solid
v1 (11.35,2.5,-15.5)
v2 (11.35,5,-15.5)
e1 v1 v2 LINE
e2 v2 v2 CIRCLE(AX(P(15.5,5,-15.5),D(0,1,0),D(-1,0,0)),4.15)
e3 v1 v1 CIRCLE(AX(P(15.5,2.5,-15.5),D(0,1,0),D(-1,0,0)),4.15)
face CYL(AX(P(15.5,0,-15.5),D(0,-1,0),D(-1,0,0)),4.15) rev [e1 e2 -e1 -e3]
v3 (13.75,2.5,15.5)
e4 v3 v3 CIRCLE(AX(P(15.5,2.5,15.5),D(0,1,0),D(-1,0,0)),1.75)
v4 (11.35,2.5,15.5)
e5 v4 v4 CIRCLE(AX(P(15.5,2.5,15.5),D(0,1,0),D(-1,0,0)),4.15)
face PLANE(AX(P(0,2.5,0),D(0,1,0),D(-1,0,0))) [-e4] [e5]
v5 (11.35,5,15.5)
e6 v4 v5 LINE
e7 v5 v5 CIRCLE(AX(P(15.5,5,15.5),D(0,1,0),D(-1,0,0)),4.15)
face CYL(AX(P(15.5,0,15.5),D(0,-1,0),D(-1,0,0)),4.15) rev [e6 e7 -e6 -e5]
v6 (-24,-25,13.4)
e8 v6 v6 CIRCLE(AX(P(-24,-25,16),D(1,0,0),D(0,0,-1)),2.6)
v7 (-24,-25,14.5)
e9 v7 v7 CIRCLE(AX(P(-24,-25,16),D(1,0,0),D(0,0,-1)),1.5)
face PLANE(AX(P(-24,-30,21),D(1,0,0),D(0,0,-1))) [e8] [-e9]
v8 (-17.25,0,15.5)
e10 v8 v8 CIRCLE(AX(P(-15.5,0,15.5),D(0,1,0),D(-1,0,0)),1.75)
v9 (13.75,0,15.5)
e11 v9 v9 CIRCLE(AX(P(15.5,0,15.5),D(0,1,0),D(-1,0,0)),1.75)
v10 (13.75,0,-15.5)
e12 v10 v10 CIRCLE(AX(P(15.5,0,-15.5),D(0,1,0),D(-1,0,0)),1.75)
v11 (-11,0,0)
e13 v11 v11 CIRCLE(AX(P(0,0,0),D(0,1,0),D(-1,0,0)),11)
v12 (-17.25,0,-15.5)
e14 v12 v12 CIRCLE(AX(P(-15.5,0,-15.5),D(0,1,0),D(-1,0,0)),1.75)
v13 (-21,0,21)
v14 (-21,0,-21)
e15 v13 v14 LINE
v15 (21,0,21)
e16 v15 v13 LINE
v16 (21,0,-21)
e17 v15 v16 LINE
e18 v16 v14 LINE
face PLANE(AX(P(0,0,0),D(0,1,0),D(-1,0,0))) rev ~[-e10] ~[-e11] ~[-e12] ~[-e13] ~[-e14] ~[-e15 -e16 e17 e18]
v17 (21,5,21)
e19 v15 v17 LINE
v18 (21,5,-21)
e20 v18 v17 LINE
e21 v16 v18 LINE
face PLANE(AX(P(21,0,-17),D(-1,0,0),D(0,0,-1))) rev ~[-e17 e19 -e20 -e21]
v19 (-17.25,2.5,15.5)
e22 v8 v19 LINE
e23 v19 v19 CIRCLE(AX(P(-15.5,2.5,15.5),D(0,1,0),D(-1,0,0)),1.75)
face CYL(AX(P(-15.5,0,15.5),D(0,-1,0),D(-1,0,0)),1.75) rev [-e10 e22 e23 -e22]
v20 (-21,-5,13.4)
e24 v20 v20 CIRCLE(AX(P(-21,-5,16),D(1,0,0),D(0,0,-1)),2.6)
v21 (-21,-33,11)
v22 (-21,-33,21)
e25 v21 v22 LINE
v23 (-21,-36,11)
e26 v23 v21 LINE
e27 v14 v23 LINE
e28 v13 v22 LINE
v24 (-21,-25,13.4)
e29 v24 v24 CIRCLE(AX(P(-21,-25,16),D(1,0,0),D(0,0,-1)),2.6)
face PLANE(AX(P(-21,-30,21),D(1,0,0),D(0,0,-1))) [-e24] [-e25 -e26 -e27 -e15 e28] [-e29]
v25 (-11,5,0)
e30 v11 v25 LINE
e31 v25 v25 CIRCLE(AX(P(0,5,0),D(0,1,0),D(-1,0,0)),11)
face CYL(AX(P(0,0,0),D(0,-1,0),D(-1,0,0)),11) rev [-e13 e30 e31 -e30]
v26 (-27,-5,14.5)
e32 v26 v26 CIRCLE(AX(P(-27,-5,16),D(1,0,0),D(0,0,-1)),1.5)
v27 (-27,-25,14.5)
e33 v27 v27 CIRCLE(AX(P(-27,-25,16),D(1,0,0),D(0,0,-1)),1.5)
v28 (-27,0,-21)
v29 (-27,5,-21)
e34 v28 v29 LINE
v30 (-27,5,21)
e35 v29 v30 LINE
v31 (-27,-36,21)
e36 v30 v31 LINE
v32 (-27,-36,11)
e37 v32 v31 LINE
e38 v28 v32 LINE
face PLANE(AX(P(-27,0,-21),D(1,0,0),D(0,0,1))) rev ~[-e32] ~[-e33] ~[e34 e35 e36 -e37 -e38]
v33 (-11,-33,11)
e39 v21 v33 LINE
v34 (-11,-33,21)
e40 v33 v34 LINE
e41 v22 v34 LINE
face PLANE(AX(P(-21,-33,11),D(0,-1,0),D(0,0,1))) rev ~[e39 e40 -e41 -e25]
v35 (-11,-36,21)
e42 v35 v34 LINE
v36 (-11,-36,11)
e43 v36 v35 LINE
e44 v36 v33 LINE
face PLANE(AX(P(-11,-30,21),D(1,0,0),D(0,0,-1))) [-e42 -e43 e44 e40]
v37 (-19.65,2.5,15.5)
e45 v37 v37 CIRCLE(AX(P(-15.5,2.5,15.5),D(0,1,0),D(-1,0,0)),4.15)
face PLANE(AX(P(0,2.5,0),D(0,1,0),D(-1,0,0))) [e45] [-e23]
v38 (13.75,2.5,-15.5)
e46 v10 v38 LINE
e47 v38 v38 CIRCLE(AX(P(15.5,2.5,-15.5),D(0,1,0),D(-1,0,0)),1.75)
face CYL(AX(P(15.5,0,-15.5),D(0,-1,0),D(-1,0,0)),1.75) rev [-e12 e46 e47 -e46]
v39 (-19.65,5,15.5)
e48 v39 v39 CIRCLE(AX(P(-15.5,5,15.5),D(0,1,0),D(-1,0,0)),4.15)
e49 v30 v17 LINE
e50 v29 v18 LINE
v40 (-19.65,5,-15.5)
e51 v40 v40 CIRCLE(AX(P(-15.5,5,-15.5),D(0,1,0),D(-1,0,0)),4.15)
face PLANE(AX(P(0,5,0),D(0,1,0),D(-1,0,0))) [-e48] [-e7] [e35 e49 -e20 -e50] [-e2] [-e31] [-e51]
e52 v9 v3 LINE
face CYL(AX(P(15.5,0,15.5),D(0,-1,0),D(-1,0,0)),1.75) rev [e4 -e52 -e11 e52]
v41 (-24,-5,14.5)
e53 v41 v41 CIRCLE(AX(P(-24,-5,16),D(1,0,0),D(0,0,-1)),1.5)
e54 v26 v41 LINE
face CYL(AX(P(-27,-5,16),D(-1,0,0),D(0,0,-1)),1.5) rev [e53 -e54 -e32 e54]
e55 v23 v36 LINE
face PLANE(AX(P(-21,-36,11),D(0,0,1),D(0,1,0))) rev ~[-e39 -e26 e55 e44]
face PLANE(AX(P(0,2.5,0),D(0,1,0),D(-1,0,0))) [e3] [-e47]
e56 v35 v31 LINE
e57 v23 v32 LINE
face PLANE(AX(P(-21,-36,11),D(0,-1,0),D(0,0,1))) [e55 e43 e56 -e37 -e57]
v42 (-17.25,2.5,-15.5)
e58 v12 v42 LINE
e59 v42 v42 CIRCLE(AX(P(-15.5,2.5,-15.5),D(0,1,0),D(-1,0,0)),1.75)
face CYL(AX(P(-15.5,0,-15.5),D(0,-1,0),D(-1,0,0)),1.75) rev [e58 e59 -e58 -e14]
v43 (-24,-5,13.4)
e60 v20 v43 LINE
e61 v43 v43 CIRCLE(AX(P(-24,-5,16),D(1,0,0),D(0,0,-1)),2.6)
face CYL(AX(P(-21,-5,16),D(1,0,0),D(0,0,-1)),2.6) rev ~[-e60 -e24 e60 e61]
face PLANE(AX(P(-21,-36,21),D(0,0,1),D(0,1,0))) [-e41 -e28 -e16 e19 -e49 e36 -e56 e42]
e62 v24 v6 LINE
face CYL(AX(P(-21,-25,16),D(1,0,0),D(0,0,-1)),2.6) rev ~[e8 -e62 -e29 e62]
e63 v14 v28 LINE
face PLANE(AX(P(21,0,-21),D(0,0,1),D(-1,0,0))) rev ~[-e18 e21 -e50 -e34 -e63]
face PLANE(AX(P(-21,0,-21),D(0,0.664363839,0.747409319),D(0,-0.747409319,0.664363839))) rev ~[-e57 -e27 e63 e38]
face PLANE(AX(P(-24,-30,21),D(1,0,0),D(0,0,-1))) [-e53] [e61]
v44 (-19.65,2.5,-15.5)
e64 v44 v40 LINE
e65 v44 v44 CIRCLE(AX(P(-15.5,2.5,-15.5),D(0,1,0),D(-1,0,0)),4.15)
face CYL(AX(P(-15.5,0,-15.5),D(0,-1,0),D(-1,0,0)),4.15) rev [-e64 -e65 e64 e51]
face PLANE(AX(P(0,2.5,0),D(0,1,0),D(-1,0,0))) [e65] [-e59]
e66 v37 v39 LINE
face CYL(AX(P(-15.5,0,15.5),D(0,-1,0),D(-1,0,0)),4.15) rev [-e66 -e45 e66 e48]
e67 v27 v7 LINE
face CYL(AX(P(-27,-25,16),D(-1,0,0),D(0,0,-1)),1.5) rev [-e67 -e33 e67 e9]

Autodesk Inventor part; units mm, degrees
ref_plane "YZ Plane" through (0, 0, 0) normal (1, 0, 0) x (0, 1, 0)
ref_plane "XZ Plane" through (0, 0, 0) normal (0, 1, 0) x (-1, 0, 0)
ref_plane "XY Plane" through (0, 0, 0) normal (0, 0, 1) x (1, 0, 0)
sketch "Sketch1" plane through (0, 0, 0) normal (0, 1, 0) x (-1, 0, 0)
  line L0 (-21, -21) -> (21, -21)
  line L1 (21, -21) -> (21, 21)
  line L2 (21, 21) -> (-21, 21)
  line L3 (-21, 21) -> (-21, -21)
  line L4 (-21, -21) -> (21, 21) construction
  line L5 (21, -21) -> (-21, 21) construction
  circle A0 centre (15.5, 15.5) radius 1.75
  circle A1 centre (15.5, -15.5) radius 1.75
  circle A2 centre (-15.5, -15.5) radius 1.75
  circle A3 centre (-15.5, 15.5) radius 1.75
  circle A4 centre (0, 0) radius 11
  circle A5 centre (0, 0) radius 4 construction
  line L6 (21, -17) -> (17, -21)
  line L7 (21, 17) -> (17, 21)
  line L8 (-17, -21) -> (-21, -17)
  line L9 (-21, 17) -> (-17, 21)
  circle A6 centre (0, 0) radius 2.5 construction
  circle A7 centre (44, -10) radius 4 construction
  line L10 (44, -10) -> (44, 10) construction
  circle A8 centre (44, -10) radius 7.5 construction
  circle A9 centre (44, 10) radius 11.15 construction
  circle A10 centre (44, 10) radius 3.5 construction
  circle A11 centre (52, 10) radius 1.5 construction
  line L11 (52, 10) -> (44, 10) construction
  circle A12 centre (44, 18) radius 1.5 construction
  circle A13 centre (36, 10) radius 1.5 construction
  circle A14 centre (44, 2) radius 1.5 construction
  circle A15 centre (44, 10) radius 5.1 construction
  line L12 (44, 0) -> (21, 0) construction
  circle A16 centre (-15.5, -15.5) radius 4.15
  circle A17 centre (-15.5, 15.5) radius 4.15
  circle A18 centre (15.5, -15.5) radius 4.15
  circle A19 centre (15.5, 15.5) radius 4.15
  line L13 (21, -21) -> (24, -21)
  line L14 (21, 21) -> (21, -21)
  line L15 (27, -21) -> (27, 21)
  line L16 (24, -21) -> (27, -21)
  line L17 (21, 21) -> (27, 21)
  dimension "d0" = 42
  dimension "d1" = 31
  dimension "d2" = 31
  dimension "d3" = 31
  dimension "d4" = 31
  dimension "d5" = 3.5
  dimension "d6" = 3.5
  dimension "d7" = 3.5
  dimension "d8" = 3.5
  dimension "d9" = 22
  dimension "d10" = 8
  dimension "d11" = 4
  dimension "d12" = 4
  dimension "d13" = 4
  dimension "d14" = 4
  dimension "d15" = 4
  dimension "d16" = 4
  dimension "d17" = 4
  dimension "d18" = 5
  dimension "d21" = 8
  dimension "d23" = 20
  dimension "d24" = 15
  dimension "d28" = 22.3
  dimension "d29" = 7
  dimension "d30" = 3
  dimension "d31" = 8
  dimension "d32" = 360
  dimension "d33" = 10.2
  dimension "d36" = 2.4
  dimension "d38" = 2.4
  dimension "d39" = 2.4
  dimension "d40" = 2.4
  dimension "d46" = 17
  dimension "d47" = 6
extrude "Extrusion1" add sketch "Sketch1" along normal blind 5 contours L3 L8 L0 | L8 L3 L9 L2 L7 L1 L6 L0 | L6 L1 L0 | L3 L2 L9 | L1 L17 L15 L16 L13 | L7 L2 L1
extrude "Extrusion2" add sketch "Sketch1" along normal blind 2.5 contours A16 | A17 | A18 | A19
ref_plane "Work Plane1" through (-21, -30, 21) normal (1, 0, 0) x (0, 0, -1)
sketch "Sketch2" plane through (-21, -30, 21) normal (1, 0, 0) x (0, 0, -1)
  line L0 (42, 30) -> (42, -6)
  line L1 (20, 30) -> (20, -6) construction
  circle A0 centre (5, 25) radius 2.6
  circle A1 centre (5, 25) radius 1.5
  circle A2 centre (5, 5) radius 2.6
  circle A3 centre (5, 5) radius 1.5
  line L2 (0, 30) -> (0, 35) projected
  line L3 (0, 30) -> (42, 30) projected
  line L4 (0, 30) -> (42, 30)
  line L5 (42, 30) -> (42, -6)
  line L6 (42, -6) -> (0, -6)
  line L7 (0, -6) -> (0, 30)
  line L8 (42, 30) -> (42, 35) projected
  line L9 (42, 30) -> (20, -6) construction
  line L10 (20, 0) -> (0, 0) construction
  line L11 (0, -6) -> (10, -6)
  line L12 (10, -6) -> (10, -3)
  line L13 (10, -3) -> (0, -3)
  line L14 (0, -3) -> (0, -6)
  line L15 (18, 3) -> (24, 3) construction
  line L16 (24, 3) -> (24, -3) construction
  line L17 (24, -3) -> (18, -3) construction
  line L18 (18, -3) -> (18, 3) construction
  line L19 (42, 30) -> (10, -6)
  point P0 (21, 30)
  point P1 (0, -4.5)
  point P2 (0, -3)
  point P3 (10, -6)
  point P4 (10, -6)
  dimension "d51" = 5.2
  dimension "d52" = 3
  dimension "d59" = 5.2
  dimension "d60" = 3
  dimension "d64" = 5
  dimension "d66" = 5
  dimension "d67" = 20
  dimension "d68" = 25
  dimension "d69" = 20
  dimension "d70" = 36
  dimension "d71" = 30
  dimension "d72" = 10
  dimension "d73" = 3
  dimension "d76" = 18
  dimension "d77" = 6
  dimension "d78" = 6
  dimension "d79" = 3
extrude "Extrusion4" add sketch "Sketch2" against normal up to surface (6 mm away) contours L19 L12 L13 L7 L3 | L6 L7 L13 L12
extrude "Extrusion5" add sketch "Sketch2" along normal blind 3 from surface at -6 contours A0 | A2
extrude "Extrusion6" add sketch "Sketch2" along normal blind 10 contours L6 L7 L13 L12
equation "\"d2\" = d1"
equation "\"d3\" = d1"
equation "\"d4\" = d1"
equation "\"d6\" = d5"
equation "\"d7\" = d5"
equation "\"d8\" = d5"
equation "\"d12\" = d11"
equation "\"d13\" = d11"
equation "\"d14\" = d11"
equation "\"d15\" = d11"
equation "\"d16\" = d11"
equation "\"d17\" = d11"
properties part number "CoreXY Stepper Holder"
